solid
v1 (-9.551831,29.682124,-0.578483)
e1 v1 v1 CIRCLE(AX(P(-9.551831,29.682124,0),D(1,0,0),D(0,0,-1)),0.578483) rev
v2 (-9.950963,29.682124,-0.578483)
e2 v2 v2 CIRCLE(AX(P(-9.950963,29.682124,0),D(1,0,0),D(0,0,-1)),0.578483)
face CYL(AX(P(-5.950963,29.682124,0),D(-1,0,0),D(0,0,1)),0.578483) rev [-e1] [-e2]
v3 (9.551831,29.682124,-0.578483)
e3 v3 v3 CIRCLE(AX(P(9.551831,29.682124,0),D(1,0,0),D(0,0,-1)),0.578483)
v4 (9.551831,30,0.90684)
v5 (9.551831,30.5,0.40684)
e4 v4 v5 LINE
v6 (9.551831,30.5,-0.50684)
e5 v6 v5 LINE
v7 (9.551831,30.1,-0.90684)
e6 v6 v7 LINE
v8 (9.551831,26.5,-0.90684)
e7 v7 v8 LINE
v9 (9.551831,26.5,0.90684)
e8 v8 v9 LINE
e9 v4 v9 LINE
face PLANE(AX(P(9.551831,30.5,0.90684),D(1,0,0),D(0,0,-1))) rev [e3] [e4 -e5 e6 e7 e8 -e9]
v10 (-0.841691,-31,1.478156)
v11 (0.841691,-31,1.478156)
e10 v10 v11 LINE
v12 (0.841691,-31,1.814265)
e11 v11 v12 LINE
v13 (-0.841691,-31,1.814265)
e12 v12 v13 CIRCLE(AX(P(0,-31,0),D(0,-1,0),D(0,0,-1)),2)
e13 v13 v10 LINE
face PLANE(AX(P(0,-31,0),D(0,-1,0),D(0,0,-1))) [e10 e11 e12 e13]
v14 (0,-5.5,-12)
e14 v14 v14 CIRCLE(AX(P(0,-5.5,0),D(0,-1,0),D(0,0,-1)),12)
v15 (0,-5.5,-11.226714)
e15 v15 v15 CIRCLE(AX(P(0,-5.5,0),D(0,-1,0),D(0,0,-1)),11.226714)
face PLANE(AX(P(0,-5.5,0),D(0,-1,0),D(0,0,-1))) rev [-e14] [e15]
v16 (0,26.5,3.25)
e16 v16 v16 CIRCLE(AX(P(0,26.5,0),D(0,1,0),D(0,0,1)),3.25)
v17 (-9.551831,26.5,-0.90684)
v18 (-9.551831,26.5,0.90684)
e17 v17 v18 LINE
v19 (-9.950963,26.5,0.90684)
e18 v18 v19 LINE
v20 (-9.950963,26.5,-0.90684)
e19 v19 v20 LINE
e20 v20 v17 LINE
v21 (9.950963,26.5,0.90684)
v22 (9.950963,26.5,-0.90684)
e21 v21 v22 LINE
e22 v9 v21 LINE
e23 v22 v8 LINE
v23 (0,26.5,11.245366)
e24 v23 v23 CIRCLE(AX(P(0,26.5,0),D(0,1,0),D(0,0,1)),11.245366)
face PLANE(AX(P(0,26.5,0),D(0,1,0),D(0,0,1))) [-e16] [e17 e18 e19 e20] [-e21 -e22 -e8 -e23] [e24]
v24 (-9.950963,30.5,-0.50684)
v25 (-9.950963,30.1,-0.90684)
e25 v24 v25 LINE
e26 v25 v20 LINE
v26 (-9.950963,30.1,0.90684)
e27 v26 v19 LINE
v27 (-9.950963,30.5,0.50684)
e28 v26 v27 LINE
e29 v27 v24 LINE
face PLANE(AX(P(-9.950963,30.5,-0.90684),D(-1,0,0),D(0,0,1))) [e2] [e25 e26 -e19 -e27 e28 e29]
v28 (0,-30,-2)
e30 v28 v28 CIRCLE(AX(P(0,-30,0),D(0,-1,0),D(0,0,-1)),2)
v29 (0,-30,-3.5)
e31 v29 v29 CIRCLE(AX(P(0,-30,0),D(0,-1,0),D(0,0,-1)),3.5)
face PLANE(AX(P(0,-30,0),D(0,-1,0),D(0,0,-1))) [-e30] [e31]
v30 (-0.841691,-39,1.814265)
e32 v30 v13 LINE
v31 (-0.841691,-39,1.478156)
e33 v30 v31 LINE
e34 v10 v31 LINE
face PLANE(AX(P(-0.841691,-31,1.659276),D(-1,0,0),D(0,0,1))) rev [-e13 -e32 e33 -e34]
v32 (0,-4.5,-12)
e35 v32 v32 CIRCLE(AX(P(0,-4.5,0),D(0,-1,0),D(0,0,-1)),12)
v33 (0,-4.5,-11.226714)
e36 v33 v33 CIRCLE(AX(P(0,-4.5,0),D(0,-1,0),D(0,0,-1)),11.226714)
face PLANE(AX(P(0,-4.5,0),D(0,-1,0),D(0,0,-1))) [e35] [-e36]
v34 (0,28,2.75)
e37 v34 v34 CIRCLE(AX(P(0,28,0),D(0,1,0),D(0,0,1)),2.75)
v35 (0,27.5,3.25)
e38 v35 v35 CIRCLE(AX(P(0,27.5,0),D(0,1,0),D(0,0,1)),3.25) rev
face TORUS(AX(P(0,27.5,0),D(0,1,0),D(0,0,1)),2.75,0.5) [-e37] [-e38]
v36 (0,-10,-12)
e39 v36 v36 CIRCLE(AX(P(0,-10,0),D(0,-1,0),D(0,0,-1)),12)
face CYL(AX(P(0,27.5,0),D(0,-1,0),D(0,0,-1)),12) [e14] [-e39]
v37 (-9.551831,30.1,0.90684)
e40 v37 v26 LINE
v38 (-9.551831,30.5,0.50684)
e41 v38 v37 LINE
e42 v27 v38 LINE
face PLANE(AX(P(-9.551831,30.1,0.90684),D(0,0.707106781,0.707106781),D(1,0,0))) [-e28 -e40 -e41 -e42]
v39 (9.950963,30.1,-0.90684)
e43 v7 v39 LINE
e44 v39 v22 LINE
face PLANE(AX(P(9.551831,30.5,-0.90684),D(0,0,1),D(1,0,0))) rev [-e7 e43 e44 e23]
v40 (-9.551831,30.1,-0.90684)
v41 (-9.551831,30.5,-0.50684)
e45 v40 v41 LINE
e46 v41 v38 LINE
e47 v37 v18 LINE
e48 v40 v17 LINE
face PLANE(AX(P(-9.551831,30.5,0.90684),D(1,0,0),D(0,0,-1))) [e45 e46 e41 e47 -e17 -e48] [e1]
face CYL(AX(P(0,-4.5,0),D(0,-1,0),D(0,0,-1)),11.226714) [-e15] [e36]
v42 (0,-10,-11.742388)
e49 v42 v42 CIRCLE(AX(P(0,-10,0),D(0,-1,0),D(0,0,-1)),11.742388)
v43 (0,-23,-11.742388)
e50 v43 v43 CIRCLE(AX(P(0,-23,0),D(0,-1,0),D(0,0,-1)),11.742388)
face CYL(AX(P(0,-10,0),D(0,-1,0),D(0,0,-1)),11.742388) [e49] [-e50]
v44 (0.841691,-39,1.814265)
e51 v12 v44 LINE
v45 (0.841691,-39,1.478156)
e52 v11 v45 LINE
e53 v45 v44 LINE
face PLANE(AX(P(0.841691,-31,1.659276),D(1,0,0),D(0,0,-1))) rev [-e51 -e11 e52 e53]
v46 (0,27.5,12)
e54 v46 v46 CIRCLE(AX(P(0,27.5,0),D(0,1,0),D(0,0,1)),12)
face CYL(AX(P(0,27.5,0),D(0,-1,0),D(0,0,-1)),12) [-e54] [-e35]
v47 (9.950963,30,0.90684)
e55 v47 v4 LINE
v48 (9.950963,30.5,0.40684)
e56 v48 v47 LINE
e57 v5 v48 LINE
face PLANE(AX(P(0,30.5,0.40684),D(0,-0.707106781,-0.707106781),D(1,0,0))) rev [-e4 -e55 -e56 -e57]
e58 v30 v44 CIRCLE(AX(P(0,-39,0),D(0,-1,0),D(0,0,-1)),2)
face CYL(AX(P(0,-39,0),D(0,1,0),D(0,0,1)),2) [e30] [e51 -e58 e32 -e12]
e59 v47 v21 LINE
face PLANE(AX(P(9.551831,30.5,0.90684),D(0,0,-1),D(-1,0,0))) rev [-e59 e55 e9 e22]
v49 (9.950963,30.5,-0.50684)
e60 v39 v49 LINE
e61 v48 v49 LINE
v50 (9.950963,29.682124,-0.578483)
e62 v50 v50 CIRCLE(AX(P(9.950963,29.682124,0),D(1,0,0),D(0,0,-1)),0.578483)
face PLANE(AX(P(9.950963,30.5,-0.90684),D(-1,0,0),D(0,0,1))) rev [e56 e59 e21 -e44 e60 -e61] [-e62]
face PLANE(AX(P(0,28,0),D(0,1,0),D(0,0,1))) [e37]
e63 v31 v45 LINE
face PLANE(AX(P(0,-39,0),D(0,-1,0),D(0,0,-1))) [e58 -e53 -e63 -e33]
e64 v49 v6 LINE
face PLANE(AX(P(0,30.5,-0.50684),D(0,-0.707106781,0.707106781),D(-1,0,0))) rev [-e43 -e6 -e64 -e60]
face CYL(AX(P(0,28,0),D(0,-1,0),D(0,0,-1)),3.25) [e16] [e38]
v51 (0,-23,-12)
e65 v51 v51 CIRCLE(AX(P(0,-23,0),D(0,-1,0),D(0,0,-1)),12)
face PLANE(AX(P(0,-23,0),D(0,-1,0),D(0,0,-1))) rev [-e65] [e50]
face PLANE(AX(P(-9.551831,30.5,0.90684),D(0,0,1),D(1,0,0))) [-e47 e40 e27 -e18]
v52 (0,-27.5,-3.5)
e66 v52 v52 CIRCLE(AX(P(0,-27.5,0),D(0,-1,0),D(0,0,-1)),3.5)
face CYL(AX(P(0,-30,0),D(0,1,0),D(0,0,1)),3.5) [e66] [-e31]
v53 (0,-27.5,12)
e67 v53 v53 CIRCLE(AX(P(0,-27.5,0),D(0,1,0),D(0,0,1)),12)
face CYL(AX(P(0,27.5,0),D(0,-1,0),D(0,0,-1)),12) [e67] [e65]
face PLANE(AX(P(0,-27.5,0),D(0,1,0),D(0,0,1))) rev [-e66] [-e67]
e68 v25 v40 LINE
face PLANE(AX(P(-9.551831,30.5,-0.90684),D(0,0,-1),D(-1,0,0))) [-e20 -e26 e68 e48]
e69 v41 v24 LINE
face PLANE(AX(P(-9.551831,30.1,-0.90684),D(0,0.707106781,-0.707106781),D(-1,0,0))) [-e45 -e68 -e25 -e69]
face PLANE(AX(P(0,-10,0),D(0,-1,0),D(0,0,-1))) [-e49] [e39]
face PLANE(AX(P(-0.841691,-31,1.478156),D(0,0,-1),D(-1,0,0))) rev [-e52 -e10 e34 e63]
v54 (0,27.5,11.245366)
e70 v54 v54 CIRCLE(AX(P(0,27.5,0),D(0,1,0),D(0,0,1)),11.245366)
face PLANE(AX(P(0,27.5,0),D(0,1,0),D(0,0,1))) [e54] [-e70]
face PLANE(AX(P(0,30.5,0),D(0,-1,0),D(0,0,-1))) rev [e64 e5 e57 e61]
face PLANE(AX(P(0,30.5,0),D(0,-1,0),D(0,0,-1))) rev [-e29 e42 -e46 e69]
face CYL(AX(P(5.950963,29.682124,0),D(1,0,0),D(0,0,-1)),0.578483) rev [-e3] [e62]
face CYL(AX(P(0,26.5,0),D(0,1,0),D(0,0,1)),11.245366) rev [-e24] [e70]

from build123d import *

# Parameters (mm, degrees)
SKETCH2_R           = 12
BOSS_EXTRUDE1_DEPTH = 27.5
SKETCH3_R           = 11.245365849
CUT_EXTRUDE1_DEPTH  = 1
CUT_EXTRUDE2_START  = -23
SKETCH4_R           = 12
SKETCH4_R_2         = 11.226713735
CUT_EXTRUDE2_DEPTH  = 1
CUT_EXTRUDE7_START  = -11
SKETCH5_R           = 12
SKETCH5_R_2         = 11.742388301
CUT_EXTRUDE7_DEPTH  = 6.5
SKETCH6_R           = 3.5
BOSS_EXTRUDE2_DEPTH = 2.5
SKETCH7_R           = 2
BOSS_EXTRUDE3_DEPTH = 9
CUT_EXTRUDE9_DEPTH  = 8
SKETCH9_R           = 3.25
BOSS_EXTRUDE4_DEPTH = 1.5
FILLET2_R           = 0.5
SKETCH10_W          = 0.399131897
SKETCH10_H          = 1.813679108
BOSS_EXTRUDE5_DEPTH = 4
CHAMFER1_SIZE       = 0.4
CHAMFER2_SIZE       = 0.5
SKETCH11_R          = 0.578483289
CUT_EXTRUDE10_DEPTH = 4
CHAMFER3_SIZE       = 0.4
CHAMFER4_SIZE       = 0.4


with BuildPart() as part:
    # Sketch2 → Boss-Extrude1 (new, symmetric)
    with BuildSketch(Plane(origin=(0, 0, 0), x_dir=(1, 0, 0), z_dir=(0, 1, 0))):
        with Locations(Location((0, 0, 0), (0, 0, 270))):
            Circle(SKETCH2_R)
    extrude(amount=BOSS_EXTRUDE1_DEPTH, both=True)

    # Sketch3 → Cut-Extrude1 (cut)
    with BuildSketch(Plane(origin=(0, 27.5, 0), x_dir=(1, 0, 0), z_dir=(0, 1, 0))):
        with Locations(Location((0, 0, 0), (0, 0, 270))):
            Circle(SKETCH3_R)
    extrude(amount=-CUT_EXTRUDE1_DEPTH, mode=Mode.SUBTRACT)

    # Sketch4 → Cut-Extrude2 (cut)
    with BuildSketch(Plane.XZ.offset(27.5).offset(CUT_EXTRUDE2_START)):
        with Locations(Location((0, 0, 0), (0, 0, 270))):
            Circle(SKETCH4_R)
        with Locations(Location((0, 0, 0), (0, 0, 270))):
            Circle(SKETCH4_R_2, mode=Mode.SUBTRACT)
    extrude(amount=CUT_EXTRUDE2_DEPTH, mode=Mode.SUBTRACT)

    # Sketch5 → Cut-Extrude7 (cut, symmetric)
    with BuildSketch(Plane.XZ.offset(27.5).offset(CUT_EXTRUDE7_START)):
        with Locations(Location((0, 0, 0), (0, 0, 270))):
            Circle(SKETCH5_R)
        with Locations(Location((0, 0, 0), (0, 0, 270))):
            Circle(SKETCH5_R_2, mode=Mode.SUBTRACT)
    extrude(amount=CUT_EXTRUDE7_DEPTH, both=True, mode=Mode.SUBTRACT)

    # Sketch6 → Boss-Extrude2 (add)
    with BuildSketch(Plane.XZ.offset(27.5)):
        with Locations(Location((0, 0, 0), (0, 0, 270))):
            Circle(SKETCH6_R)
    extrude(amount=BOSS_EXTRUDE2_DEPTH)

    # Sketch7 → Boss-Extrude3 (add)
    with BuildSketch(Plane.XZ.offset(30)):
        with Locations(Location((0, 0, 0), (0, 0, 270))):
            Circle(SKETCH7_R)
    extrude(amount=BOSS_EXTRUDE3_DEPTH)

    # Sketch8 → Cut-Extrude9 (cut)
    with BuildSketch(Plane.XZ.offset(39)):
        Polygon((0.841690599, 1.659275507), (0.841690599, 2.202635472), (-0.841690599, 2.202635472), (-0.841690599, 1.659275507), (-0.841690599, 1.478155518), (0.841690599, 1.478155518), align=None)
    extrude(amount=-CUT_EXTRUDE9_DEPTH, mode=Mode.SUBTRACT)

    # Sketch9 → Boss-Extrude4 (add)
    with BuildSketch(Plane(origin=(0, 26.5, 0), x_dir=(1, 0, 0), z_dir=(0, 1, 0))):
        with Locations(Location((0, 0, 0), (0, 0, 270))):
            Circle(SKETCH9_R)
    extrude(amount=BOSS_EXTRUDE4_DEPTH)

    # Fillet2
    fillet2_edges = [part.edges().sort_by_distance(p)[0] for p in [
        (0, 28, -3.25),
    ]]
    fillet(fillet2_edges, radius=FILLET2_R)

    # Sketch10 → Boss-Extrude5 (add)
    with BuildSketch(Plane(origin=(0, 26.5, 0), x_dir=(1, 0, 0), z_dir=(0, 1, 0))):
        with Locations((9.751397246, 0)):
            Rectangle(SKETCH10_W, SKETCH10_H)
    boss_extrude5 = extrude(amount=BOSS_EXTRUDE5_DEPTH)

    # Chamfer1
    chamfer1_edges = [part.edges().sort_by_distance(p)[0] for p in [
        (9.751397246, 30.5, -0.906839554),
    ]]
    chamfer(chamfer1_edges, length=CHAMFER1_SIZE)

    # Chamfer2
    chamfer2_edges = [part.edges().sort_by_distance(p)[0] for p in [
        (9.751397246, 30.5, 0.906839554),
    ]]
    chamfer(chamfer2_edges, length=CHAMFER2_SIZE)

    # Sketch11 → Cut-Extrude10 (cut)
    with BuildSketch(Plane(origin=(9.950963194, 0, 0), x_dir=(0, 0, -1), z_dir=(1, 0, 0))):
        with Locations((0, 29.682123993)):
            Circle(SKETCH11_R)
    cut_extrude10 = extrude(amount=-CUT_EXTRUDE10_DEPTH, mode=Mode.SUBTRACT)

    # Mirror1: Boss-Extrude5 across plane
    add(boss_extrude5.mirror(Plane(origin=(0, 0, 0), x_dir=(0, 0, 1), z_dir=(1, 0, 0))))

    # Mirror5: Cut-Extrude10 across plane
    add(cut_extrude10.mirror(Plane(origin=(0, 0, 0), x_dir=(0, 0, 1), z_dir=(1, 0, 0))), mode=Mode.SUBTRACT)

    # Chamfer3
    chamfer3_edges = [part.edges().sort_by_distance(p)[0] for p in [
        (-9.751397246, 30.5, -0.906839554),
    ]]
    chamfer(chamfer3_edges, length=CHAMFER3_SIZE)

    # Chamfer4
    chamfer4_edges = [part.edges().sort_by_distance(p)[0] for p in [
        (-9.751397246, 30.5, 0.906839554),
    ]]
    chamfer(chamfer4_edges, length=CHAMFER4_SIZE)


solid = part.part
